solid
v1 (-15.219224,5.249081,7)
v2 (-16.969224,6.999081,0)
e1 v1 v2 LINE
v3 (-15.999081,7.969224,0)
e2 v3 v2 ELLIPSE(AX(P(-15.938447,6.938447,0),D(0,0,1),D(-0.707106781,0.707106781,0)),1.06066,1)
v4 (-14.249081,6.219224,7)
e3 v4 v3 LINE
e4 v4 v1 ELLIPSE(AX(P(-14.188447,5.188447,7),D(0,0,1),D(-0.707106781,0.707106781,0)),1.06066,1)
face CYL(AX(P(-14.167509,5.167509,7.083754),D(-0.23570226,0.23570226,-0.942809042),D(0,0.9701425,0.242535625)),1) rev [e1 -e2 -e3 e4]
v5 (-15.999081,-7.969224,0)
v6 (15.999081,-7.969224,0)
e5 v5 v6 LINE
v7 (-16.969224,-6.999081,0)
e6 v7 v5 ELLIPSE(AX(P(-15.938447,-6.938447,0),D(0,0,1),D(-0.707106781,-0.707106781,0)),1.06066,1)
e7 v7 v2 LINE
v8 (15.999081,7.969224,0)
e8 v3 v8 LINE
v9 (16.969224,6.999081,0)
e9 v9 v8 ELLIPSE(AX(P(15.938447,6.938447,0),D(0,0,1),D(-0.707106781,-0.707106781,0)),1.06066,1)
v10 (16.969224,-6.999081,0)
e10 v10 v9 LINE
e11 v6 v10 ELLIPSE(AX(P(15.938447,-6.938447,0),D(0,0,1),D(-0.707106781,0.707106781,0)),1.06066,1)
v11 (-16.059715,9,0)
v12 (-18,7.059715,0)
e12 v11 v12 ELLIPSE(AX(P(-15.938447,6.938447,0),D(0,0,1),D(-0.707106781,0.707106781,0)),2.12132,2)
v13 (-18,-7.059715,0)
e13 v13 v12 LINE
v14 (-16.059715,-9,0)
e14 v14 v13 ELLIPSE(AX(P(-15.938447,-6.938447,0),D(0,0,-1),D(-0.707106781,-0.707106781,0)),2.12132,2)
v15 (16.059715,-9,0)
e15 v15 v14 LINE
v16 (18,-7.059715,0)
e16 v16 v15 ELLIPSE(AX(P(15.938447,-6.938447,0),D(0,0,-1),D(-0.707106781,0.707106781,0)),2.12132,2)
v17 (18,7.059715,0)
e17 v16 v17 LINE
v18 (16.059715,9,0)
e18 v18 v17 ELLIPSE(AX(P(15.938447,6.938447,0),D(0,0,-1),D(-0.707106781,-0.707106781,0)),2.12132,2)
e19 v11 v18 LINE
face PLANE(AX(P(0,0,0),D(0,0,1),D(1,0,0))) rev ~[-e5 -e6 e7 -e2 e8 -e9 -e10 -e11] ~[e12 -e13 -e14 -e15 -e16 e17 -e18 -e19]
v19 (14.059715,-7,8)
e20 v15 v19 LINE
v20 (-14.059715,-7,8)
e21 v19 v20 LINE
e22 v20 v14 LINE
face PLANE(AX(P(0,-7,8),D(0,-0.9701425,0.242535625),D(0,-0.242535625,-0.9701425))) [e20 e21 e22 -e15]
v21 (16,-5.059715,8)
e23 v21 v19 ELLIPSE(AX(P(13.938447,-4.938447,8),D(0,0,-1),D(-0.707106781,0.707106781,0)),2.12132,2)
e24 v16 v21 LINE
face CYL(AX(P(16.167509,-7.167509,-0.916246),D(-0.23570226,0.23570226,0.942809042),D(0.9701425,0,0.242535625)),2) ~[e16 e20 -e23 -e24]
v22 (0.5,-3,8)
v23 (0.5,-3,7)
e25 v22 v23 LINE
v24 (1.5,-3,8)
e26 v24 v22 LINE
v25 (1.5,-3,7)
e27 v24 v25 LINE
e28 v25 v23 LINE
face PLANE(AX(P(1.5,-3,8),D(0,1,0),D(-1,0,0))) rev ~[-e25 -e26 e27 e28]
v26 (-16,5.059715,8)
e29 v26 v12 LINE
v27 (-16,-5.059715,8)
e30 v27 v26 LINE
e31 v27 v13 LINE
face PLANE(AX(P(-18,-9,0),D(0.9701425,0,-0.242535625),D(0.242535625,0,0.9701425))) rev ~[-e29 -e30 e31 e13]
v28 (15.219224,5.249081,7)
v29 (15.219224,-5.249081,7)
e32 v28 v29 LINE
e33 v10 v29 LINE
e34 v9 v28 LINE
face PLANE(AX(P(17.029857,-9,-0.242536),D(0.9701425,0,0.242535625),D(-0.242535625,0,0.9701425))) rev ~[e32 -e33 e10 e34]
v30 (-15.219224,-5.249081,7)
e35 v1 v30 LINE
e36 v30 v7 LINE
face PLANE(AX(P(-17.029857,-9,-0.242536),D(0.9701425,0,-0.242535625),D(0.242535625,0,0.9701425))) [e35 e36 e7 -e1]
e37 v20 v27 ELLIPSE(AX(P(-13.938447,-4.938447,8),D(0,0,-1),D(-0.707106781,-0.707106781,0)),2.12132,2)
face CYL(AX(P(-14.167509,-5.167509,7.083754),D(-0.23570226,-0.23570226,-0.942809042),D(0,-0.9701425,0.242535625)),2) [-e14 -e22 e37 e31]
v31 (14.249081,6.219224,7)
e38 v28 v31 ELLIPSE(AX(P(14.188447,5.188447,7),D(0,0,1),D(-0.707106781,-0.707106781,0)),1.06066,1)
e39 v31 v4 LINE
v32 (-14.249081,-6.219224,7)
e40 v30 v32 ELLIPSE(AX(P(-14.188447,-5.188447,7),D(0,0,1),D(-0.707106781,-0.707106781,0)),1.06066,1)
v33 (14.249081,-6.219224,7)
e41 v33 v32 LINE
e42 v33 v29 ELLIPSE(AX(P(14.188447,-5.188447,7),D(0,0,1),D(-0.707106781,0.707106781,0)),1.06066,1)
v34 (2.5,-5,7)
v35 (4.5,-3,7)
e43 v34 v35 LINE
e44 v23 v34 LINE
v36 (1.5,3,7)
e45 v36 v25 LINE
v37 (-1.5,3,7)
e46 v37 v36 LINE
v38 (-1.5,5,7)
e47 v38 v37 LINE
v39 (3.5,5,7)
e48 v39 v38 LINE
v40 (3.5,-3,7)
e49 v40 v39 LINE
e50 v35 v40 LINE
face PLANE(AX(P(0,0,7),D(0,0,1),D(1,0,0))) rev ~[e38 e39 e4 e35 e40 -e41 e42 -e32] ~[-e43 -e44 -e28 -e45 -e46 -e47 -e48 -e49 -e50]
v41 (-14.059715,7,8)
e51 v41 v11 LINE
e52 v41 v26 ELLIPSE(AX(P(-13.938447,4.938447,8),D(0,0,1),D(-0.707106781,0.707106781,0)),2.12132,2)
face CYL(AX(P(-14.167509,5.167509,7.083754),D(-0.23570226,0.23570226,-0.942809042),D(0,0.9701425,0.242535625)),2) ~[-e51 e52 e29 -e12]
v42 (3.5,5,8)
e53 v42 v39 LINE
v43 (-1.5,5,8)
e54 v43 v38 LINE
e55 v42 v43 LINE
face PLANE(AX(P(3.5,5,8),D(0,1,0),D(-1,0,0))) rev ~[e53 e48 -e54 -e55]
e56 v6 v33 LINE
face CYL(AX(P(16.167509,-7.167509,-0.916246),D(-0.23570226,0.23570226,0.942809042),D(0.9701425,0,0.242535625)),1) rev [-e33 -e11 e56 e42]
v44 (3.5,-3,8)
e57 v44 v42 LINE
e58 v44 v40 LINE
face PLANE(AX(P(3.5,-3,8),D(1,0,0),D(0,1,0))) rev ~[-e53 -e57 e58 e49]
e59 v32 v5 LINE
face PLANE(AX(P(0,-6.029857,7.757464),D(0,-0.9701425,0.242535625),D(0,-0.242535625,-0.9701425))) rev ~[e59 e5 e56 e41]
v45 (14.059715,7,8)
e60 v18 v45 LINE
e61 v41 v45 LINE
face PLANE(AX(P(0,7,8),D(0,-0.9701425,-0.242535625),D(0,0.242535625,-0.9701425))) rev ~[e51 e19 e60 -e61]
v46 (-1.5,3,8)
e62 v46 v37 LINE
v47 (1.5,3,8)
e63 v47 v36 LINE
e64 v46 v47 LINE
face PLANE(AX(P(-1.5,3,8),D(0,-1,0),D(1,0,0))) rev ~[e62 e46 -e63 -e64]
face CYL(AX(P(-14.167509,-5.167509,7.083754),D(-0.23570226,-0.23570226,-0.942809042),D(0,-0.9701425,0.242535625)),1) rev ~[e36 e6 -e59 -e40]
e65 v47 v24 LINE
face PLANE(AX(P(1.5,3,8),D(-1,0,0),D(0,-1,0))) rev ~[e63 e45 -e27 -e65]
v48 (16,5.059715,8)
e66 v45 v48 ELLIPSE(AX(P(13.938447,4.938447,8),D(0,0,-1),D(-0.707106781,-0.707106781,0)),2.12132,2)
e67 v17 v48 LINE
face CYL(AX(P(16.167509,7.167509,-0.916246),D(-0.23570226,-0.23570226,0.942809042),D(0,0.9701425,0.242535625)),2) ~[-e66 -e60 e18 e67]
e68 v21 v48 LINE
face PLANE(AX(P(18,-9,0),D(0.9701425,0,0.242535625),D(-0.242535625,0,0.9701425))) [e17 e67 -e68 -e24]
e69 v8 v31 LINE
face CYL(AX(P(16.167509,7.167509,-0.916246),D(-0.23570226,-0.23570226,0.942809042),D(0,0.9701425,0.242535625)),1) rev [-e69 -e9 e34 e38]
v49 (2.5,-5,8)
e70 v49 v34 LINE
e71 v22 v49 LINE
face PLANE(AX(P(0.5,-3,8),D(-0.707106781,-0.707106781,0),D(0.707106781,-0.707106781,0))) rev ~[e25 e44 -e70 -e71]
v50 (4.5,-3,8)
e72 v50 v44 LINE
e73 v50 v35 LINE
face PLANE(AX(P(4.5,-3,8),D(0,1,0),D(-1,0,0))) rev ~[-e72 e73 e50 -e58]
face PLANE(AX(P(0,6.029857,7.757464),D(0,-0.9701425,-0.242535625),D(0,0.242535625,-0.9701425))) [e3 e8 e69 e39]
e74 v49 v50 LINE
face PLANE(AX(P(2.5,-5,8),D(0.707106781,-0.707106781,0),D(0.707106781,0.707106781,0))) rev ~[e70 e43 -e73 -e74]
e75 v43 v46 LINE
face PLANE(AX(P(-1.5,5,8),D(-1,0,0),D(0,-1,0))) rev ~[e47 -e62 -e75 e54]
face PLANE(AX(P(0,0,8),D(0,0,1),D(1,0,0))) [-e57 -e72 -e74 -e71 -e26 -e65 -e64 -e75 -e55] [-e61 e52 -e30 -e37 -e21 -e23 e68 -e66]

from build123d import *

# Parameters (mm, degrees)
SKETCH_W             = 36
SKETCH_H             = 18
PAD_DEPTH            = 8
POCKET_DEPTH         = 18.001
POCKET001_DEPTH      = 18.001
POCKET001_DEPTH_BACK = 18.001
FILLET_R             = 2
THICKNESS_T          = -1
POCKET002_DEPTH      = 1


with BuildPart() as part:
    # Sketch → Pad (new body)
    with BuildSketch(Plane.XY):
        Rectangle(SKETCH_W, SKETCH_H)
    extrude(amount=PAD_DEPTH)

    # Sketch001 (on Face1 of Pad) → Pocket (cut, through all)
    with BuildSketch(Plane.XZ.offset(9)):
        Polygon((-18, 8), (-18, 0), (-16, 8), align=None)
        Polygon((18, 8), (18, 0), (16, 8), align=None)
    extrude(amount=-POCKET_DEPTH, mode=Mode.SUBTRACT)

    # Sketch002 → Pocket001 (cut, two sides)
    with BuildSketch(Plane.YZ) as pocket001_sk:
        Polygon((-9, 8), (-7, 8), (-9, 0), align=None)
        Polygon((9, 8), (7, 8), (9, 0), align=None)
    extrude(amount=-POCKET001_DEPTH, mode=Mode.SUBTRACT)
    extrude(pocket001_sk.sketch, amount=POCKET001_DEPTH_BACK, mode=Mode.SUBTRACT)

    # Fillet
    fillet_edges = [part.edges().sort_by_distance(p)[0] for p in [
        (-17, 8, 4),
        (-17, -8, 4),
        (17, -8, 4),
        (17, 8, 4),
    ]]
    fillet(fillet_edges, radius=FILLET_R)

    # Thickness
    thickness_openings = [part.faces().sort_by_distance(p)[0] for p in [
        (0, 0, 0),
    ]]
    offset(amount=THICKNESS_T, openings=thickness_openings, kind=Kind.INTERSECTION)

    # Sketch004 (on Face9 of Thickness) → Pocket002 (cut)
    with BuildSketch(Plane.XY.offset(8)):
        Polygon((-1.5, 3), (1.5, 3), (1.5, -3), (0.5, -3), (2.5, -5), (4.5, -3), (3.5, -3), (3.5, 5), (-1.5, 5), align=None)
    extrude(amount=-POCKET002_DEPTH, mode=Mode.SUBTRACT)


solid = part.part
